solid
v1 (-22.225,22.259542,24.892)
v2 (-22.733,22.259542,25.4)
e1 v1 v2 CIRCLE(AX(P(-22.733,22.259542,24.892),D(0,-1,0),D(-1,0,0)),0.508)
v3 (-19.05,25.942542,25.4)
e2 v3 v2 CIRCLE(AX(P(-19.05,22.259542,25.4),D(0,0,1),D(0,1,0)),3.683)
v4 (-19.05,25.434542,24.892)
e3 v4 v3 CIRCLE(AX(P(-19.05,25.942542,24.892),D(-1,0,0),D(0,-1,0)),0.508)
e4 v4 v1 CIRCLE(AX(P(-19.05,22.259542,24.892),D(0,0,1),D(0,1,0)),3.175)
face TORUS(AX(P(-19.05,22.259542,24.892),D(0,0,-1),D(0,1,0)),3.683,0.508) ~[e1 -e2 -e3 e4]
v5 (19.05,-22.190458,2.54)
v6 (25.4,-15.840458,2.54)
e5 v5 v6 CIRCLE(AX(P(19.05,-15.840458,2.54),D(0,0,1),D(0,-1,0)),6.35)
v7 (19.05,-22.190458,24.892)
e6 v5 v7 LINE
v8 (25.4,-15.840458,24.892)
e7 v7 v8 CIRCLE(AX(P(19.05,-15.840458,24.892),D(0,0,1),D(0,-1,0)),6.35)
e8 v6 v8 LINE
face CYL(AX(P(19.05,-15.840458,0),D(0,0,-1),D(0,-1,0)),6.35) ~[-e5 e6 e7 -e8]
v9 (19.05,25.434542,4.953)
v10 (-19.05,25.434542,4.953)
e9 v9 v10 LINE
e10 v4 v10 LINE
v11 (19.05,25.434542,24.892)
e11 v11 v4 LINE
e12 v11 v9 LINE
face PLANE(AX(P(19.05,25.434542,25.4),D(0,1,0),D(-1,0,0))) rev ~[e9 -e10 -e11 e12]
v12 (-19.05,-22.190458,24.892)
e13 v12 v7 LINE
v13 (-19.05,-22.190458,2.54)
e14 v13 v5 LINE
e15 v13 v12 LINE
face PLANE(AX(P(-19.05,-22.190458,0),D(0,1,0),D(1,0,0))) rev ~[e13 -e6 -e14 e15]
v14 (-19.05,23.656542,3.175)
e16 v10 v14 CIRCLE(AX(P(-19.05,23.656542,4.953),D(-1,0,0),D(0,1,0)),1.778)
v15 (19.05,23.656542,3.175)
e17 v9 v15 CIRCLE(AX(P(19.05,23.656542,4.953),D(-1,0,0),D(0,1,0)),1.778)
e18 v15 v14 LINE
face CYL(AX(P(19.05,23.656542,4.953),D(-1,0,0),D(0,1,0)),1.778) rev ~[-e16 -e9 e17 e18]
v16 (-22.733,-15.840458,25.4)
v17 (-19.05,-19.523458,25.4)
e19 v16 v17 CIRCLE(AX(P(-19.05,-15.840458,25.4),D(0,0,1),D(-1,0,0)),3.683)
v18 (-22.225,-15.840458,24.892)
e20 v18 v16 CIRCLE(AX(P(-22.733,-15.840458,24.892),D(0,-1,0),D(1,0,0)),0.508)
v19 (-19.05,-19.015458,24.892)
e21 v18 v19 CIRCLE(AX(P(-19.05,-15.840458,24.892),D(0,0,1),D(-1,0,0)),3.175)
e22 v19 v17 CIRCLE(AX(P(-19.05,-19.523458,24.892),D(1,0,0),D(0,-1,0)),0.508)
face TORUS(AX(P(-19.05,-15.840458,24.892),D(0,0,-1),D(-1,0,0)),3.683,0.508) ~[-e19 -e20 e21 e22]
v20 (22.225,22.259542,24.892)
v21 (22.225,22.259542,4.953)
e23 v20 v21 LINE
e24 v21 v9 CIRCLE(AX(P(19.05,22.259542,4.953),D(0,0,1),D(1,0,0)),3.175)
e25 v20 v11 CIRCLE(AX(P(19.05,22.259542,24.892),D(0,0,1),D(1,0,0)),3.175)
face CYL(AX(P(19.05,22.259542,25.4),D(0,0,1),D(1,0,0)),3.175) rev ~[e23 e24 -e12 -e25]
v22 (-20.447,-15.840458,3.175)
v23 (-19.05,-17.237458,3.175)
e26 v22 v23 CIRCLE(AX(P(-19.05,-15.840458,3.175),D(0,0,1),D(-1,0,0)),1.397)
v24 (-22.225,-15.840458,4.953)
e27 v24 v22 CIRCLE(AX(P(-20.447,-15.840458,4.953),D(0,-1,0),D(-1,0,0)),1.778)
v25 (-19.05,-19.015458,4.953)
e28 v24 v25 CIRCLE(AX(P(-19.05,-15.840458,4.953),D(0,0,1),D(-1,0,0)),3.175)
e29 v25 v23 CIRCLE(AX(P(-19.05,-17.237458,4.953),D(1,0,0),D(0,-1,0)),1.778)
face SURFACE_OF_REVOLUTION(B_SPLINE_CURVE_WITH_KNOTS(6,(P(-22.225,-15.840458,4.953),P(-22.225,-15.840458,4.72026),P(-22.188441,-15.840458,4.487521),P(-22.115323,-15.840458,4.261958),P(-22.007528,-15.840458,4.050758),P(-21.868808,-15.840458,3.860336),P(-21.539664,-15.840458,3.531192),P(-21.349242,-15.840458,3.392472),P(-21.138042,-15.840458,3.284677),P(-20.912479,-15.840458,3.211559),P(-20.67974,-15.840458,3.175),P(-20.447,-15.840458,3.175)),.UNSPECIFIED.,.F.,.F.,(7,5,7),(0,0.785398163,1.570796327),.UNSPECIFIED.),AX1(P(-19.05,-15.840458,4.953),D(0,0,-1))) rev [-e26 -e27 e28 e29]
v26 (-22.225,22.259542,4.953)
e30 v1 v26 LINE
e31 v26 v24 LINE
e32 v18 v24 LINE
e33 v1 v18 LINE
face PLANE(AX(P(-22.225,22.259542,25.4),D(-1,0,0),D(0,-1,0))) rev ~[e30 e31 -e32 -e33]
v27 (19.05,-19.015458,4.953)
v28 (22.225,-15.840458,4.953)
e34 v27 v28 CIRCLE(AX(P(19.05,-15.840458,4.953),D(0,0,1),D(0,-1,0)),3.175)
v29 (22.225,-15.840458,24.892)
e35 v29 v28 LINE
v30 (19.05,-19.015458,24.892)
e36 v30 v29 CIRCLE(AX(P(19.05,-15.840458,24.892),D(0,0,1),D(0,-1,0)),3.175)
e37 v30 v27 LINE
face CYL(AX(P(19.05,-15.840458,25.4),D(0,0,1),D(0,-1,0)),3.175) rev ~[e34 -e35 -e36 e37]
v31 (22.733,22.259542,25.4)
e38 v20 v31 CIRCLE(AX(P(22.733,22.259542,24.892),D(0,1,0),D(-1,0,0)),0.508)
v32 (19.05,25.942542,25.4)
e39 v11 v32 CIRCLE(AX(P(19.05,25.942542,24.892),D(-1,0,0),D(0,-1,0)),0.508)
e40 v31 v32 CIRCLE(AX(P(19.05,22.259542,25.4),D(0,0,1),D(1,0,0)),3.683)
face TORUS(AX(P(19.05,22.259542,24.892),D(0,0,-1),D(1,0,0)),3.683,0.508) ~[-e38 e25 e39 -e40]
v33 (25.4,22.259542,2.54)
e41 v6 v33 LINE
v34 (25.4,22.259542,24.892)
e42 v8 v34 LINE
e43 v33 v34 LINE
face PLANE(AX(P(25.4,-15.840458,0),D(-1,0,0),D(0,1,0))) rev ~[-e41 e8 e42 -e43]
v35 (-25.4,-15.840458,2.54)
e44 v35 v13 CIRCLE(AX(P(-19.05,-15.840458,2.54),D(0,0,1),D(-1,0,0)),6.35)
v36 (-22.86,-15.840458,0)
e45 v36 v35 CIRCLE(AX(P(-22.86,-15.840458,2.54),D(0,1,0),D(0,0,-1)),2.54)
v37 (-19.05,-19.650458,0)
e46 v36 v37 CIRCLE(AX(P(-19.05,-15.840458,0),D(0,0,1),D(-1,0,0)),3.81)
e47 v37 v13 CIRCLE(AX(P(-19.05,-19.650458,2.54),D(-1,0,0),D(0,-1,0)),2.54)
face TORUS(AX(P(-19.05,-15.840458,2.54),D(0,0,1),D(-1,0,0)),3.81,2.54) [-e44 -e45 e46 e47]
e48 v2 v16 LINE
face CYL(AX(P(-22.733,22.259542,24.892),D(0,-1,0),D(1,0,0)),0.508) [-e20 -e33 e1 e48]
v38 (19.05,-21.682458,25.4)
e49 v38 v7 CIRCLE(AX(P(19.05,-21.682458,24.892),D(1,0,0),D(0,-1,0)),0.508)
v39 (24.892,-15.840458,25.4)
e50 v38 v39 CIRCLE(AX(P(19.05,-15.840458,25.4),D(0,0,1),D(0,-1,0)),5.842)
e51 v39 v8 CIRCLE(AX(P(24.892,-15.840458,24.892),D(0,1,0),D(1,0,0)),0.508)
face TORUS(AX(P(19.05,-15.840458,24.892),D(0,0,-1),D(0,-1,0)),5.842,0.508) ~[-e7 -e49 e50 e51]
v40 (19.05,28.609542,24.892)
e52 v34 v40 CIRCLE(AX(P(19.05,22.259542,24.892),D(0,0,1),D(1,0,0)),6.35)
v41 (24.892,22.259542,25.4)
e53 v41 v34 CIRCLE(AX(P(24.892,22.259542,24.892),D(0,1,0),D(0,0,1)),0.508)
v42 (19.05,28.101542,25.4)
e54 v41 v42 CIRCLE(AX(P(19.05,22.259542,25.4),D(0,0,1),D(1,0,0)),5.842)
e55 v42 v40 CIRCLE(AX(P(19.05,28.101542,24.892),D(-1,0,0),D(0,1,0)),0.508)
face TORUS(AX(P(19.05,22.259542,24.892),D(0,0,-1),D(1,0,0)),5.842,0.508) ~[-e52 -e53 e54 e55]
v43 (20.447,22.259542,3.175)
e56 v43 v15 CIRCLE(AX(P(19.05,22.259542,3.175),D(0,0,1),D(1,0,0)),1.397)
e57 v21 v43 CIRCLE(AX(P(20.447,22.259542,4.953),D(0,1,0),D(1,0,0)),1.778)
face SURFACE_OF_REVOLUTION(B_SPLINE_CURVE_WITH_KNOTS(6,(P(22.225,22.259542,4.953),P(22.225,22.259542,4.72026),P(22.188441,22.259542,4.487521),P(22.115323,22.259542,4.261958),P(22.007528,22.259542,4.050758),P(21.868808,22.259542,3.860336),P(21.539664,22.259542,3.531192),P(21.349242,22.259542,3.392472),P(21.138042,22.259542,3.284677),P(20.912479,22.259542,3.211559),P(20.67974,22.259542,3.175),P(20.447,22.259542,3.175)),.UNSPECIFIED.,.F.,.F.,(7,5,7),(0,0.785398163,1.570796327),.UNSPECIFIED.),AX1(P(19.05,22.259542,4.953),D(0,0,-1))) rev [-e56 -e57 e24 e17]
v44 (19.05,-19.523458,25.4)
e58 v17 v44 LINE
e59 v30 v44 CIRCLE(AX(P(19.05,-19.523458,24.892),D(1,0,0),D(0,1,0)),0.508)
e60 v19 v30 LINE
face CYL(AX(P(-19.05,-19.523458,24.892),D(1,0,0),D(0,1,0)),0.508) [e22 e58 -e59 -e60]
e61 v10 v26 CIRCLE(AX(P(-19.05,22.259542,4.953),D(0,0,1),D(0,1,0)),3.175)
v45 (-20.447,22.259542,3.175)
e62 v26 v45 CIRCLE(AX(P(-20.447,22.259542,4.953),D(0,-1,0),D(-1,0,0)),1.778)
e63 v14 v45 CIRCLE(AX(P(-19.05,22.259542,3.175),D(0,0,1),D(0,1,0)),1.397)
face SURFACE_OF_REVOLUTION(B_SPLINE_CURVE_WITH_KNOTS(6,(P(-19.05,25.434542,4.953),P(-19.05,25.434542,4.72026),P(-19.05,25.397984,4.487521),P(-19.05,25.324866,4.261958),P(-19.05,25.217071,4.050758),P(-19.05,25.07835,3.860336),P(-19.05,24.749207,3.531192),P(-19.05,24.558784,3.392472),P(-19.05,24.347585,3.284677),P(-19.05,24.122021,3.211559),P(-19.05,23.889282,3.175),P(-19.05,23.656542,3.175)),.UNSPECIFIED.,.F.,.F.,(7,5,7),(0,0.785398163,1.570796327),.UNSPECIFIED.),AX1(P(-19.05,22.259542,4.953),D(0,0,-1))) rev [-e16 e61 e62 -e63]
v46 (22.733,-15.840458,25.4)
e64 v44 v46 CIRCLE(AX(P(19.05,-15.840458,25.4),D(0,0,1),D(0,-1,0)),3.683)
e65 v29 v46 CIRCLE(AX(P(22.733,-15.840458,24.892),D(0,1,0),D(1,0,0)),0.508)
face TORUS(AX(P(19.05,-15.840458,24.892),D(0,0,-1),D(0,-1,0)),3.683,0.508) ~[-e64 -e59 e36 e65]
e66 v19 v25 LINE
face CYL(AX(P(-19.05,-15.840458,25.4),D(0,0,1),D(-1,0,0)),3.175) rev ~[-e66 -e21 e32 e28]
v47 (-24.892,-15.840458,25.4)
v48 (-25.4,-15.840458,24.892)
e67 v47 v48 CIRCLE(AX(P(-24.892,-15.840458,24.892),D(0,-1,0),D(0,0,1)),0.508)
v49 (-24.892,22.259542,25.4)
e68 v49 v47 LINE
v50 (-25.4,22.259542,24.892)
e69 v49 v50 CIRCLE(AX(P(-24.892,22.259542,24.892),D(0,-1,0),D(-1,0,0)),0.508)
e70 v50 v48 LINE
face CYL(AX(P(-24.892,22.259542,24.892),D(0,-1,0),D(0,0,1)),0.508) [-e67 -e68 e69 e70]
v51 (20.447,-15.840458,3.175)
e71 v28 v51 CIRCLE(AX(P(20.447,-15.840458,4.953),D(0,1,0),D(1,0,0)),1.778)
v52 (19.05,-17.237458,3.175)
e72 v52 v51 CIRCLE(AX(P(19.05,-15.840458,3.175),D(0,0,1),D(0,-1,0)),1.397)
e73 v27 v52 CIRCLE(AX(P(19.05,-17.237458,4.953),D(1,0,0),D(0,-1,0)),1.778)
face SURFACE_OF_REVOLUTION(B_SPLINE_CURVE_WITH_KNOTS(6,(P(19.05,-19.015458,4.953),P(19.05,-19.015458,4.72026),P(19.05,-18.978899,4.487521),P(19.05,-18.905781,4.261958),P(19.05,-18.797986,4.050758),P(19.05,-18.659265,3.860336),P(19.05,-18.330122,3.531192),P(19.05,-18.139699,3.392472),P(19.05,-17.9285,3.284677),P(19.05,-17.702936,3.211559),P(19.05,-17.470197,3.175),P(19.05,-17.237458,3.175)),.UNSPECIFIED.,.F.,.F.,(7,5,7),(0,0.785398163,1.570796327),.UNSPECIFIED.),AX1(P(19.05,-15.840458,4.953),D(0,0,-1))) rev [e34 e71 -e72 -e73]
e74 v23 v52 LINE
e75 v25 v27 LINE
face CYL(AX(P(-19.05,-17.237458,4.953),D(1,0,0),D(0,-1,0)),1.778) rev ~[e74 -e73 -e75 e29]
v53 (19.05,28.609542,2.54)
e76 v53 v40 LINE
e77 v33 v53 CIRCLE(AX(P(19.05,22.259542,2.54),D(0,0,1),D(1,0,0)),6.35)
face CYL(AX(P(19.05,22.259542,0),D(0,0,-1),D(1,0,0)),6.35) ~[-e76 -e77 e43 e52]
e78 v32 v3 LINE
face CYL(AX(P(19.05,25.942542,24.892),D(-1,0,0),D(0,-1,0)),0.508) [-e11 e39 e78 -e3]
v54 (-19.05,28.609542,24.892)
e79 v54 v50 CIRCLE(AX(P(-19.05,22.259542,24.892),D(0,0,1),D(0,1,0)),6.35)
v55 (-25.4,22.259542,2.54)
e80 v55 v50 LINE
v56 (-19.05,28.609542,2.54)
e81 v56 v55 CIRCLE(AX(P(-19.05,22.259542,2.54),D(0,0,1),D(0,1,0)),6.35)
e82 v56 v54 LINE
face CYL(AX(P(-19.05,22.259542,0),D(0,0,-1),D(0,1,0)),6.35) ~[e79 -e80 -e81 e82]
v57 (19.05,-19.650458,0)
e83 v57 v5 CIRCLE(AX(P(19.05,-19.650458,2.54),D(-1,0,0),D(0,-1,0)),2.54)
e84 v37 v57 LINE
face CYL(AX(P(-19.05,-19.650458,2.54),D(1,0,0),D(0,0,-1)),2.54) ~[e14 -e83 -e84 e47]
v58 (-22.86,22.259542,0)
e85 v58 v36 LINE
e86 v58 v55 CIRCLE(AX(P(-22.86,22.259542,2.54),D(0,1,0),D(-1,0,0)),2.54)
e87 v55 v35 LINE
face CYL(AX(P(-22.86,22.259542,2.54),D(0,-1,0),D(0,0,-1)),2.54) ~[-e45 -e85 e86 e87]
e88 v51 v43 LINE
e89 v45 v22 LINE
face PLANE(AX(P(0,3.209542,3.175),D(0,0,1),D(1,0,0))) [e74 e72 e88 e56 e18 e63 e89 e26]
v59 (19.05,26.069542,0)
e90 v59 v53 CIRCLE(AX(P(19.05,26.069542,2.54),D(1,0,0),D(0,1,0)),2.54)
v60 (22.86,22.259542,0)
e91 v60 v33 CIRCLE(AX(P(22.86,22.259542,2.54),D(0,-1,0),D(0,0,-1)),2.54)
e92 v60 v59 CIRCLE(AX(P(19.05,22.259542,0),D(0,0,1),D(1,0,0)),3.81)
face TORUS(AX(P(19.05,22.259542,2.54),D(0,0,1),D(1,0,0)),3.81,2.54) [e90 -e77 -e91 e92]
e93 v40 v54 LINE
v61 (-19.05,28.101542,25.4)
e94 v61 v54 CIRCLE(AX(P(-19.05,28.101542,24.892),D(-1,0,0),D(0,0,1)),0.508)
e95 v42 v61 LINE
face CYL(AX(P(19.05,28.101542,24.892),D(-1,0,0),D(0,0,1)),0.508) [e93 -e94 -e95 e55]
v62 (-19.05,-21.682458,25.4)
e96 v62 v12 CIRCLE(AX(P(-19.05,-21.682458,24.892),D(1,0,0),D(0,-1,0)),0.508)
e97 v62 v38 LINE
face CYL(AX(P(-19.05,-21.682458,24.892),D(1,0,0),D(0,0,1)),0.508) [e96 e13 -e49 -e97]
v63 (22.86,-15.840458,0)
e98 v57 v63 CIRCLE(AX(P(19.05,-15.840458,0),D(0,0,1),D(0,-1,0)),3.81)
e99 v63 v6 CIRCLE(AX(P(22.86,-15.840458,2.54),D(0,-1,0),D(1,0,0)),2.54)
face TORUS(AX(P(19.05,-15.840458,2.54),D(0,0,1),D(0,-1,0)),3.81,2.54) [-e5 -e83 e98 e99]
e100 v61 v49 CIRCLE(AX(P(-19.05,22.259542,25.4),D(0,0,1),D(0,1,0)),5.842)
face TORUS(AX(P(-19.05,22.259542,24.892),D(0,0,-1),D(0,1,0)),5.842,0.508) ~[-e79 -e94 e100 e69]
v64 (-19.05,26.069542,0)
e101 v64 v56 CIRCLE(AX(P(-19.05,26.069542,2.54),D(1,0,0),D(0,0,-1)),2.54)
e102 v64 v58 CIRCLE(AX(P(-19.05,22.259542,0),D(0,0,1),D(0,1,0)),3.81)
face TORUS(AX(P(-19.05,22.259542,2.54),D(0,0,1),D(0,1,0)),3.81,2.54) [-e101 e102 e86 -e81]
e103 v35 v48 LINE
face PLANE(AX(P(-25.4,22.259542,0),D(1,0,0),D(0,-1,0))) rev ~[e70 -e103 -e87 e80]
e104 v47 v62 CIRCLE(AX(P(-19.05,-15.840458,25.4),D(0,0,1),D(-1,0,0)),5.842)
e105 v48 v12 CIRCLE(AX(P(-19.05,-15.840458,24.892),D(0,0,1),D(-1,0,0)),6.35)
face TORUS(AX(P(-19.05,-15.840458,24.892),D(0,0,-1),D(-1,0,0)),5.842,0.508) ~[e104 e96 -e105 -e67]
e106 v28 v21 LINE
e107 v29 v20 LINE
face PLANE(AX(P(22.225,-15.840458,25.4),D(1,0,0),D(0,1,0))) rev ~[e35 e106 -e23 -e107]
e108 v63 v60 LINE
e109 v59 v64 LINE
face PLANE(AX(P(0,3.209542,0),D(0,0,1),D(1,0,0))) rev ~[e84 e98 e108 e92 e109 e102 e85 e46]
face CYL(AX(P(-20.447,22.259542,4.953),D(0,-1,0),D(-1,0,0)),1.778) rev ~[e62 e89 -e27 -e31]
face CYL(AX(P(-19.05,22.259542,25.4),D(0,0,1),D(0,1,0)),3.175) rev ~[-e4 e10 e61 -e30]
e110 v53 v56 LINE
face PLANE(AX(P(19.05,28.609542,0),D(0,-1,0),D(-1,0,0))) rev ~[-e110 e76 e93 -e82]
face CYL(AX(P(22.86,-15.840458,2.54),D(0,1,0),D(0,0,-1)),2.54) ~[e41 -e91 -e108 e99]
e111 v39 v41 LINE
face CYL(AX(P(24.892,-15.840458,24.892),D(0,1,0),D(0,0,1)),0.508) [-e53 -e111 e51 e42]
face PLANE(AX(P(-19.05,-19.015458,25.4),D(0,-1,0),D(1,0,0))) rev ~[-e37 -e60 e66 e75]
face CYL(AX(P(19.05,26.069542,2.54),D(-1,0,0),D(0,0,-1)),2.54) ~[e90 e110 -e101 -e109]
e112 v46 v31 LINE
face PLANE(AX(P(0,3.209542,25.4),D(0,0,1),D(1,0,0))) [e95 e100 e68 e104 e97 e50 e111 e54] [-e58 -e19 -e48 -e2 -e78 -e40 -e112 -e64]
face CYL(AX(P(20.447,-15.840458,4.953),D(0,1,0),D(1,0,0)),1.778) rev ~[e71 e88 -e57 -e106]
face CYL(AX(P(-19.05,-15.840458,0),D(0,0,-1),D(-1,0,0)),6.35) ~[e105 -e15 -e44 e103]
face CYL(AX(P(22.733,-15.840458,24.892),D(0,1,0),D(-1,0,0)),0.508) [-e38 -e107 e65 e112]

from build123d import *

# Parameters (mm, degrees)
F1_DEPTH = 25.4
F3_DEPTH = 22.225
F4_R     = 2.54
F5_R     = 1.778
F6_R     = 0.508


with BuildPart() as f1:
    # F0 (on Top) → F1 (new body)
    with BuildSketch(Plane.XY):
        with BuildLine():
            ThreePointArc((25.4, 22.2595424831), (23.5401280605, 26.7496705436), (19.05, 28.6095424831))
            Line((19.05, 28.6095424831), (-19.05, 28.6095424831))
            ThreePointArc((-19.05, 28.6095424831), (-23.5401280605, 26.7496705436), (-25.4, 22.2595424831))
            Line((-25.4, 22.2595424831), (-25.4, -15.8404575169))
            ThreePointArc((-25.4, -15.8404575169), (-23.5401280605, -20.3305855774), (-19.05, -22.1904575169))
            Line((-19.05, -22.1904575169), (19.05, -22.1904575169))
            ThreePointArc((19.05, -22.1904575169), (23.5401280605, -20.3305855774), (25.4, -15.8404575169))
            Line((25.4, -15.8404575169), (25.4, 22.2595424831))
        make_face()
    extrude(amount=F1_DEPTH)

    # F2 (on face) → F3 (cut)
    with BuildSketch(Plane.XY.offset(25.4)):
        with BuildLine():
            Line((19.05, 25.4345424831), (-19.05, 25.4345424831))
            ThreePointArc((-19.05, 25.4345424831), (-21.2950640303, 24.5046065134), (-22.225, 22.2595424831))
            Line((-22.225, 22.2595424831), (-22.225, -15.8404575169))
            ThreePointArc((-22.225, -15.8404575169), (-21.2950640303, -18.0855215472), (-19.05, -19.0154575169))
            Line((-19.05, -19.0154575169), (19.05, -19.0154575169))
            ThreePointArc((19.05, -19.0154575169), (21.2950640303, -18.0855215472), (22.225, -15.8404575169))
            Line((22.225, -15.8404575169), (22.225, 22.2595424831))
            ThreePointArc((22.225, 22.2595424831), (21.2950640303, 24.5046065134), (19.05, 25.4345424831))
        make_face()
    extrude(amount=-F3_DEPTH, mode=Mode.SUBTRACT)

    # F4
    f4_edges = [f1.edges().sort_by_distance(p)[0] for p in [
        (23.540128, -20.330586, 0),
        (25.4, 3.209542, 0),
        (23.540128, 26.749671, 0),
        (0, 28.609542, 0),
        (-23.540128, 26.749671, 0),
        (-25.4, 3.209542, 0),
        (-23.540128, -20.330586, 0),
        (0, -22.190458, 0),
    ]]
    fillet(f4_edges, radius=F4_R)

    # F5
    f5_edges = [f1.edges().sort_by_distance(p)[0] for p in [
        (0, 25.434542, 3.175),
        (-21.295064, 24.504607, 3.175),
        (-22.225, 3.209542, 3.175),
        (-21.295064, -18.085522, 3.175),
        (0, -19.015458, 3.175),
        (21.295064, -18.085522, 3.175),
        (22.225, 3.209542, 3.175),
        (21.295064, 24.504607, 3.175),
    ]]
    fillet(f5_edges, radius=F5_R)

    # F6
    f6_edges = [f1.edges().sort_by_distance(p)[0] for p in [
        (23.540128, -20.330586, 25.4),
        (0, -22.190458, 25.4),
        (25.4, 3.209542, 25.4),
        (-23.540128, -20.330586, 25.4),
        (23.540128, 26.749671, 25.4),
        (-25.4, 3.209542, 25.4),
        (0, 28.609542, 25.4),
        (-23.540128, 26.749671, 25.4),
        (0, 25.434542, 25.4),
        (-21.295064, 24.504607, 25.4),
        (-22.225, 3.209542, 25.4),
        (-21.295064, -18.085522, 25.4),
        (0, -19.015458, 25.4),
        (21.295064, -18.085522, 25.4),
        (22.225, 3.209542, 25.4),
        (21.295064, 24.504607, 25.4),
    ]]
    fillet(f6_edges, radius=F6_R)


solid = f1.part
